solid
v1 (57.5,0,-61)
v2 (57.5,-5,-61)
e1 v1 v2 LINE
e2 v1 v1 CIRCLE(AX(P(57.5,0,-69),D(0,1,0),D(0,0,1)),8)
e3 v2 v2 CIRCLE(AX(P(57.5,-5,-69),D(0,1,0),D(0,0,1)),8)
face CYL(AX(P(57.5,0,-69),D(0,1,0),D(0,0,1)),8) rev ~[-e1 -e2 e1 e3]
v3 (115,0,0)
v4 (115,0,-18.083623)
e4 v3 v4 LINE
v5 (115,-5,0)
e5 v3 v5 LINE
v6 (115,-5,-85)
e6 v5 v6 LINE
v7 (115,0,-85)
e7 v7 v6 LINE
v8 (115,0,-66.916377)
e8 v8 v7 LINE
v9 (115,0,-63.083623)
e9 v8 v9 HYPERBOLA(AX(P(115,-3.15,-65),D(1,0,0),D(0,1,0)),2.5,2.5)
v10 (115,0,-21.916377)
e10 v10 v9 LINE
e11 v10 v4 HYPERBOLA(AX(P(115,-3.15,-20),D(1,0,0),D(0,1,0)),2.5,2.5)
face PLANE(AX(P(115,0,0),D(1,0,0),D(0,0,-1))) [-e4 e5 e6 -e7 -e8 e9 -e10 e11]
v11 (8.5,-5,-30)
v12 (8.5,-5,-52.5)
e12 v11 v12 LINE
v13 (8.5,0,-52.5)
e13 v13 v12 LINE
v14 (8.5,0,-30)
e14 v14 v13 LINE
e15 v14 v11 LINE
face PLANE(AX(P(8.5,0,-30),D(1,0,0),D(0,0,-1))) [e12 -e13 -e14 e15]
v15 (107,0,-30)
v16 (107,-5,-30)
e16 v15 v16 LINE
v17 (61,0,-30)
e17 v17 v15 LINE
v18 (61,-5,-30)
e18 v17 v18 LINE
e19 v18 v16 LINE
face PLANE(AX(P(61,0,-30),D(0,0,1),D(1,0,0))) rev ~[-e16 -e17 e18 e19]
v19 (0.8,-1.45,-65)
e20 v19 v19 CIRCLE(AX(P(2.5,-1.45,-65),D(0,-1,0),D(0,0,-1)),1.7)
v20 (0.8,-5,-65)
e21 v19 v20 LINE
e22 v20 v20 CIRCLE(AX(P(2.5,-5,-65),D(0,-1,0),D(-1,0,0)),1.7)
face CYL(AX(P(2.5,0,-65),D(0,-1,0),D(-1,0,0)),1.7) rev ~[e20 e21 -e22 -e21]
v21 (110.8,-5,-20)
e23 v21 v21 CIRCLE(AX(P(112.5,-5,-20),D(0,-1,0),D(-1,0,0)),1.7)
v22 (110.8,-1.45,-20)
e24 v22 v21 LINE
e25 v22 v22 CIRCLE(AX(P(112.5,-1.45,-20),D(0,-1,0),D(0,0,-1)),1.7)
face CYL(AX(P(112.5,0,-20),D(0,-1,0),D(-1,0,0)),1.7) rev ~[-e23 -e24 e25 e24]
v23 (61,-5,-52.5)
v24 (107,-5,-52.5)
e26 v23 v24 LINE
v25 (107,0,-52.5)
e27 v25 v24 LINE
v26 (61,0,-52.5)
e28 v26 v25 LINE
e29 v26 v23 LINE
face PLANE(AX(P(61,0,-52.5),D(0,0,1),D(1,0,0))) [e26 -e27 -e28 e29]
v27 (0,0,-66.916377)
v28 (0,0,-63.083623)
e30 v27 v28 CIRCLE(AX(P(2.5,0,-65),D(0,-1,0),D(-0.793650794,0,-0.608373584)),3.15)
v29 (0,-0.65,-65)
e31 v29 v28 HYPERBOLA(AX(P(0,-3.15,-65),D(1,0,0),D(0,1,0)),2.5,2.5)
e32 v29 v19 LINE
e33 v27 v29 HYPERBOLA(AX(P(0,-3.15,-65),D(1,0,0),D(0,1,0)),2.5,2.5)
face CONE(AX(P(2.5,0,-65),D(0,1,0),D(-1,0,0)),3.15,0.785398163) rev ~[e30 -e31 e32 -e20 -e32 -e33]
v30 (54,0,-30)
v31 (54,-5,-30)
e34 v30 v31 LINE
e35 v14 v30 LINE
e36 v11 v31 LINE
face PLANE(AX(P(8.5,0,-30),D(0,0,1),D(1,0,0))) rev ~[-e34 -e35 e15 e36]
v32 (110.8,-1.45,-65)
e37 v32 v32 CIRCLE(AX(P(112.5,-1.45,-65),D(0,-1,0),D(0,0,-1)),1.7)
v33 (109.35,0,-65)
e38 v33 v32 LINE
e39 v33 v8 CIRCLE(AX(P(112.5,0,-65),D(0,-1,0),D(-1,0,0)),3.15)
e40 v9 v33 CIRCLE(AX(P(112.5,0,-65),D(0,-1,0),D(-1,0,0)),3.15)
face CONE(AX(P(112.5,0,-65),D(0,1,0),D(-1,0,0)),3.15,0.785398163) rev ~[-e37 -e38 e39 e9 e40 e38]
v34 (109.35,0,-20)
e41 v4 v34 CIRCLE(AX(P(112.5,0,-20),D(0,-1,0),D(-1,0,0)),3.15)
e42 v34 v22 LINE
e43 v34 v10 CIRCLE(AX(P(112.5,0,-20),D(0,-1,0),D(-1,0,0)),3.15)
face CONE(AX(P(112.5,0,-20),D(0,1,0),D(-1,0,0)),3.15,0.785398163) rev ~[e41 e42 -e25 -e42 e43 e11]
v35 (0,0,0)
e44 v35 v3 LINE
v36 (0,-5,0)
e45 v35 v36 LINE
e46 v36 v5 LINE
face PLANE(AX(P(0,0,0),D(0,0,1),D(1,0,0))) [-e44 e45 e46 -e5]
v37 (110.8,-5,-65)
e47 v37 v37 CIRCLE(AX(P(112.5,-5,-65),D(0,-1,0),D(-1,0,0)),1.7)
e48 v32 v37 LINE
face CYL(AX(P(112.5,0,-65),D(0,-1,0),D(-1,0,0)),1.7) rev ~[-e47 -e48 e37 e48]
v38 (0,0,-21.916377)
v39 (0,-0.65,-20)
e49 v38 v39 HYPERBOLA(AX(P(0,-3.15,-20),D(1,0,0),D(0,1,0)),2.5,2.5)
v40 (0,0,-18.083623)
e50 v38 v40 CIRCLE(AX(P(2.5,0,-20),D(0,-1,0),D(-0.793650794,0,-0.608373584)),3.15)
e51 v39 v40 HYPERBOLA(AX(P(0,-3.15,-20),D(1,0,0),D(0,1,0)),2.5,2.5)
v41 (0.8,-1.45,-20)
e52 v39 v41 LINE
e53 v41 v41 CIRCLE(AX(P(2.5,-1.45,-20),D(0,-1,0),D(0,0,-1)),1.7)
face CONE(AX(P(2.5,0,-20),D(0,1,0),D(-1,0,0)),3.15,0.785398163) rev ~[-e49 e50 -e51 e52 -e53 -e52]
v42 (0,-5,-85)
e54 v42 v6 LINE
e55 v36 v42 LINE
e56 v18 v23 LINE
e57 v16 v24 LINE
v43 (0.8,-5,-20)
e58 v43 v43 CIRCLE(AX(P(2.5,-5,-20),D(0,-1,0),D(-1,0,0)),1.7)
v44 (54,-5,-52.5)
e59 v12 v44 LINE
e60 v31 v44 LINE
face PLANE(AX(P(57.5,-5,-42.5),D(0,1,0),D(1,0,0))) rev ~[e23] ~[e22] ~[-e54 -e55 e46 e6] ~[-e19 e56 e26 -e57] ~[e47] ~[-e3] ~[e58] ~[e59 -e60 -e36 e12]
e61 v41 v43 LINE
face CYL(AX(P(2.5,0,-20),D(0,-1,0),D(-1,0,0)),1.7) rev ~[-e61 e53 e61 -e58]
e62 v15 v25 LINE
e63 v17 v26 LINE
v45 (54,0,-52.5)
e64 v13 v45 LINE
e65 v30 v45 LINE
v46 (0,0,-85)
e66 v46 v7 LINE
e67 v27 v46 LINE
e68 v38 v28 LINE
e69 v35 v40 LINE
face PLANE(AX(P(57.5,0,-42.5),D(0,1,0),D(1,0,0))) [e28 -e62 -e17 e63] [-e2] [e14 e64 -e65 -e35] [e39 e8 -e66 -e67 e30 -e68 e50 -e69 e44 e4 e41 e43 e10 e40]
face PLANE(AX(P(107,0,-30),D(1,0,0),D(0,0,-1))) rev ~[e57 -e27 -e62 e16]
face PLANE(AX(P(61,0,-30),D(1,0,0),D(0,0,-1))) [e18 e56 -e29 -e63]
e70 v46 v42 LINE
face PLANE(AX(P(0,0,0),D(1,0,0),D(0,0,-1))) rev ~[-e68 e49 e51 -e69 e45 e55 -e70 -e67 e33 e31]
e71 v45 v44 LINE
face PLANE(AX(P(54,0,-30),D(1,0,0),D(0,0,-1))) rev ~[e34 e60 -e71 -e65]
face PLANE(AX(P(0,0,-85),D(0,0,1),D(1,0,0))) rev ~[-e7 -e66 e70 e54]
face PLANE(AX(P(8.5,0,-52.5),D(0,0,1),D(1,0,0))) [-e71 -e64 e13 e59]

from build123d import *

# Parameters (mm, degrees)
SKETCH1_W                                           = 115
SKETCH1_H                                           = 85
SKETCH1_R                                           = 8
SKETCH1_W_2                                         = 45.5
SKETCH1_H_2                                         = 22.5
SKETCH1_W_3                                         = 46
BOSS_EXTRUDE1_DEPTH                                 = 5
CSK_FOR_M3_FLAT_COUNTERSUNK_HEAD_SCREW1_D           = 3.4
CSK_FOR_M3_FLAT_COUNTERSUNK_HEAD_SCREW1_CSINK_D     = 6.3
CSK_FOR_M3_FLAT_COUNTERSUNK_HEAD_SCREW1_CSINK_ANGLE = 90


with BuildPart() as part:
    # Sketch1 → Boss-Extrude1 (new body)
    with BuildSketch(Plane(origin=(0, 0, 0), x_dir=(1, 0, 0), z_dir=(0, 1, 0))):
        with Locations((57.5, 42.5)):
            Rectangle(SKETCH1_W, SKETCH1_H)
        with Locations(Location((57.5, 69, 0), (0, 0, 270))):
            Circle(SKETCH1_R, mode=Mode.SUBTRACT)
        with Locations((31.25, 41.25)):
            Rectangle(SKETCH1_W_2, SKETCH1_H_2, mode=Mode.SUBTRACT)
        with Locations((84, 41.25)):
            Rectangle(SKETCH1_W_3, SKETCH1_H_2, mode=Mode.SUBTRACT)
    extrude(amount=-BOSS_EXTRUDE1_DEPTH)

    # CSK for M3 Flat Countersunk Head Screw1 (through all)
    with Locations(Plane(origin=(0, 0, 0), x_dir=(1, 0, 0), z_dir=(0, 1, 0))):
        with Locations((2.5, 65), (2.5, 20), (112.5, 65), (112.5, 20)):
            CounterSinkHole(CSK_FOR_M3_FLAT_COUNTERSUNK_HEAD_SCREW1_D / 2, CSK_FOR_M3_FLAT_COUNTERSUNK_HEAD_SCREW1_CSINK_D / 2, counter_sink_angle=CSK_FOR_M3_FLAT_COUNTERSUNK_HEAD_SCREW1_CSINK_ANGLE)


solid = part.part
